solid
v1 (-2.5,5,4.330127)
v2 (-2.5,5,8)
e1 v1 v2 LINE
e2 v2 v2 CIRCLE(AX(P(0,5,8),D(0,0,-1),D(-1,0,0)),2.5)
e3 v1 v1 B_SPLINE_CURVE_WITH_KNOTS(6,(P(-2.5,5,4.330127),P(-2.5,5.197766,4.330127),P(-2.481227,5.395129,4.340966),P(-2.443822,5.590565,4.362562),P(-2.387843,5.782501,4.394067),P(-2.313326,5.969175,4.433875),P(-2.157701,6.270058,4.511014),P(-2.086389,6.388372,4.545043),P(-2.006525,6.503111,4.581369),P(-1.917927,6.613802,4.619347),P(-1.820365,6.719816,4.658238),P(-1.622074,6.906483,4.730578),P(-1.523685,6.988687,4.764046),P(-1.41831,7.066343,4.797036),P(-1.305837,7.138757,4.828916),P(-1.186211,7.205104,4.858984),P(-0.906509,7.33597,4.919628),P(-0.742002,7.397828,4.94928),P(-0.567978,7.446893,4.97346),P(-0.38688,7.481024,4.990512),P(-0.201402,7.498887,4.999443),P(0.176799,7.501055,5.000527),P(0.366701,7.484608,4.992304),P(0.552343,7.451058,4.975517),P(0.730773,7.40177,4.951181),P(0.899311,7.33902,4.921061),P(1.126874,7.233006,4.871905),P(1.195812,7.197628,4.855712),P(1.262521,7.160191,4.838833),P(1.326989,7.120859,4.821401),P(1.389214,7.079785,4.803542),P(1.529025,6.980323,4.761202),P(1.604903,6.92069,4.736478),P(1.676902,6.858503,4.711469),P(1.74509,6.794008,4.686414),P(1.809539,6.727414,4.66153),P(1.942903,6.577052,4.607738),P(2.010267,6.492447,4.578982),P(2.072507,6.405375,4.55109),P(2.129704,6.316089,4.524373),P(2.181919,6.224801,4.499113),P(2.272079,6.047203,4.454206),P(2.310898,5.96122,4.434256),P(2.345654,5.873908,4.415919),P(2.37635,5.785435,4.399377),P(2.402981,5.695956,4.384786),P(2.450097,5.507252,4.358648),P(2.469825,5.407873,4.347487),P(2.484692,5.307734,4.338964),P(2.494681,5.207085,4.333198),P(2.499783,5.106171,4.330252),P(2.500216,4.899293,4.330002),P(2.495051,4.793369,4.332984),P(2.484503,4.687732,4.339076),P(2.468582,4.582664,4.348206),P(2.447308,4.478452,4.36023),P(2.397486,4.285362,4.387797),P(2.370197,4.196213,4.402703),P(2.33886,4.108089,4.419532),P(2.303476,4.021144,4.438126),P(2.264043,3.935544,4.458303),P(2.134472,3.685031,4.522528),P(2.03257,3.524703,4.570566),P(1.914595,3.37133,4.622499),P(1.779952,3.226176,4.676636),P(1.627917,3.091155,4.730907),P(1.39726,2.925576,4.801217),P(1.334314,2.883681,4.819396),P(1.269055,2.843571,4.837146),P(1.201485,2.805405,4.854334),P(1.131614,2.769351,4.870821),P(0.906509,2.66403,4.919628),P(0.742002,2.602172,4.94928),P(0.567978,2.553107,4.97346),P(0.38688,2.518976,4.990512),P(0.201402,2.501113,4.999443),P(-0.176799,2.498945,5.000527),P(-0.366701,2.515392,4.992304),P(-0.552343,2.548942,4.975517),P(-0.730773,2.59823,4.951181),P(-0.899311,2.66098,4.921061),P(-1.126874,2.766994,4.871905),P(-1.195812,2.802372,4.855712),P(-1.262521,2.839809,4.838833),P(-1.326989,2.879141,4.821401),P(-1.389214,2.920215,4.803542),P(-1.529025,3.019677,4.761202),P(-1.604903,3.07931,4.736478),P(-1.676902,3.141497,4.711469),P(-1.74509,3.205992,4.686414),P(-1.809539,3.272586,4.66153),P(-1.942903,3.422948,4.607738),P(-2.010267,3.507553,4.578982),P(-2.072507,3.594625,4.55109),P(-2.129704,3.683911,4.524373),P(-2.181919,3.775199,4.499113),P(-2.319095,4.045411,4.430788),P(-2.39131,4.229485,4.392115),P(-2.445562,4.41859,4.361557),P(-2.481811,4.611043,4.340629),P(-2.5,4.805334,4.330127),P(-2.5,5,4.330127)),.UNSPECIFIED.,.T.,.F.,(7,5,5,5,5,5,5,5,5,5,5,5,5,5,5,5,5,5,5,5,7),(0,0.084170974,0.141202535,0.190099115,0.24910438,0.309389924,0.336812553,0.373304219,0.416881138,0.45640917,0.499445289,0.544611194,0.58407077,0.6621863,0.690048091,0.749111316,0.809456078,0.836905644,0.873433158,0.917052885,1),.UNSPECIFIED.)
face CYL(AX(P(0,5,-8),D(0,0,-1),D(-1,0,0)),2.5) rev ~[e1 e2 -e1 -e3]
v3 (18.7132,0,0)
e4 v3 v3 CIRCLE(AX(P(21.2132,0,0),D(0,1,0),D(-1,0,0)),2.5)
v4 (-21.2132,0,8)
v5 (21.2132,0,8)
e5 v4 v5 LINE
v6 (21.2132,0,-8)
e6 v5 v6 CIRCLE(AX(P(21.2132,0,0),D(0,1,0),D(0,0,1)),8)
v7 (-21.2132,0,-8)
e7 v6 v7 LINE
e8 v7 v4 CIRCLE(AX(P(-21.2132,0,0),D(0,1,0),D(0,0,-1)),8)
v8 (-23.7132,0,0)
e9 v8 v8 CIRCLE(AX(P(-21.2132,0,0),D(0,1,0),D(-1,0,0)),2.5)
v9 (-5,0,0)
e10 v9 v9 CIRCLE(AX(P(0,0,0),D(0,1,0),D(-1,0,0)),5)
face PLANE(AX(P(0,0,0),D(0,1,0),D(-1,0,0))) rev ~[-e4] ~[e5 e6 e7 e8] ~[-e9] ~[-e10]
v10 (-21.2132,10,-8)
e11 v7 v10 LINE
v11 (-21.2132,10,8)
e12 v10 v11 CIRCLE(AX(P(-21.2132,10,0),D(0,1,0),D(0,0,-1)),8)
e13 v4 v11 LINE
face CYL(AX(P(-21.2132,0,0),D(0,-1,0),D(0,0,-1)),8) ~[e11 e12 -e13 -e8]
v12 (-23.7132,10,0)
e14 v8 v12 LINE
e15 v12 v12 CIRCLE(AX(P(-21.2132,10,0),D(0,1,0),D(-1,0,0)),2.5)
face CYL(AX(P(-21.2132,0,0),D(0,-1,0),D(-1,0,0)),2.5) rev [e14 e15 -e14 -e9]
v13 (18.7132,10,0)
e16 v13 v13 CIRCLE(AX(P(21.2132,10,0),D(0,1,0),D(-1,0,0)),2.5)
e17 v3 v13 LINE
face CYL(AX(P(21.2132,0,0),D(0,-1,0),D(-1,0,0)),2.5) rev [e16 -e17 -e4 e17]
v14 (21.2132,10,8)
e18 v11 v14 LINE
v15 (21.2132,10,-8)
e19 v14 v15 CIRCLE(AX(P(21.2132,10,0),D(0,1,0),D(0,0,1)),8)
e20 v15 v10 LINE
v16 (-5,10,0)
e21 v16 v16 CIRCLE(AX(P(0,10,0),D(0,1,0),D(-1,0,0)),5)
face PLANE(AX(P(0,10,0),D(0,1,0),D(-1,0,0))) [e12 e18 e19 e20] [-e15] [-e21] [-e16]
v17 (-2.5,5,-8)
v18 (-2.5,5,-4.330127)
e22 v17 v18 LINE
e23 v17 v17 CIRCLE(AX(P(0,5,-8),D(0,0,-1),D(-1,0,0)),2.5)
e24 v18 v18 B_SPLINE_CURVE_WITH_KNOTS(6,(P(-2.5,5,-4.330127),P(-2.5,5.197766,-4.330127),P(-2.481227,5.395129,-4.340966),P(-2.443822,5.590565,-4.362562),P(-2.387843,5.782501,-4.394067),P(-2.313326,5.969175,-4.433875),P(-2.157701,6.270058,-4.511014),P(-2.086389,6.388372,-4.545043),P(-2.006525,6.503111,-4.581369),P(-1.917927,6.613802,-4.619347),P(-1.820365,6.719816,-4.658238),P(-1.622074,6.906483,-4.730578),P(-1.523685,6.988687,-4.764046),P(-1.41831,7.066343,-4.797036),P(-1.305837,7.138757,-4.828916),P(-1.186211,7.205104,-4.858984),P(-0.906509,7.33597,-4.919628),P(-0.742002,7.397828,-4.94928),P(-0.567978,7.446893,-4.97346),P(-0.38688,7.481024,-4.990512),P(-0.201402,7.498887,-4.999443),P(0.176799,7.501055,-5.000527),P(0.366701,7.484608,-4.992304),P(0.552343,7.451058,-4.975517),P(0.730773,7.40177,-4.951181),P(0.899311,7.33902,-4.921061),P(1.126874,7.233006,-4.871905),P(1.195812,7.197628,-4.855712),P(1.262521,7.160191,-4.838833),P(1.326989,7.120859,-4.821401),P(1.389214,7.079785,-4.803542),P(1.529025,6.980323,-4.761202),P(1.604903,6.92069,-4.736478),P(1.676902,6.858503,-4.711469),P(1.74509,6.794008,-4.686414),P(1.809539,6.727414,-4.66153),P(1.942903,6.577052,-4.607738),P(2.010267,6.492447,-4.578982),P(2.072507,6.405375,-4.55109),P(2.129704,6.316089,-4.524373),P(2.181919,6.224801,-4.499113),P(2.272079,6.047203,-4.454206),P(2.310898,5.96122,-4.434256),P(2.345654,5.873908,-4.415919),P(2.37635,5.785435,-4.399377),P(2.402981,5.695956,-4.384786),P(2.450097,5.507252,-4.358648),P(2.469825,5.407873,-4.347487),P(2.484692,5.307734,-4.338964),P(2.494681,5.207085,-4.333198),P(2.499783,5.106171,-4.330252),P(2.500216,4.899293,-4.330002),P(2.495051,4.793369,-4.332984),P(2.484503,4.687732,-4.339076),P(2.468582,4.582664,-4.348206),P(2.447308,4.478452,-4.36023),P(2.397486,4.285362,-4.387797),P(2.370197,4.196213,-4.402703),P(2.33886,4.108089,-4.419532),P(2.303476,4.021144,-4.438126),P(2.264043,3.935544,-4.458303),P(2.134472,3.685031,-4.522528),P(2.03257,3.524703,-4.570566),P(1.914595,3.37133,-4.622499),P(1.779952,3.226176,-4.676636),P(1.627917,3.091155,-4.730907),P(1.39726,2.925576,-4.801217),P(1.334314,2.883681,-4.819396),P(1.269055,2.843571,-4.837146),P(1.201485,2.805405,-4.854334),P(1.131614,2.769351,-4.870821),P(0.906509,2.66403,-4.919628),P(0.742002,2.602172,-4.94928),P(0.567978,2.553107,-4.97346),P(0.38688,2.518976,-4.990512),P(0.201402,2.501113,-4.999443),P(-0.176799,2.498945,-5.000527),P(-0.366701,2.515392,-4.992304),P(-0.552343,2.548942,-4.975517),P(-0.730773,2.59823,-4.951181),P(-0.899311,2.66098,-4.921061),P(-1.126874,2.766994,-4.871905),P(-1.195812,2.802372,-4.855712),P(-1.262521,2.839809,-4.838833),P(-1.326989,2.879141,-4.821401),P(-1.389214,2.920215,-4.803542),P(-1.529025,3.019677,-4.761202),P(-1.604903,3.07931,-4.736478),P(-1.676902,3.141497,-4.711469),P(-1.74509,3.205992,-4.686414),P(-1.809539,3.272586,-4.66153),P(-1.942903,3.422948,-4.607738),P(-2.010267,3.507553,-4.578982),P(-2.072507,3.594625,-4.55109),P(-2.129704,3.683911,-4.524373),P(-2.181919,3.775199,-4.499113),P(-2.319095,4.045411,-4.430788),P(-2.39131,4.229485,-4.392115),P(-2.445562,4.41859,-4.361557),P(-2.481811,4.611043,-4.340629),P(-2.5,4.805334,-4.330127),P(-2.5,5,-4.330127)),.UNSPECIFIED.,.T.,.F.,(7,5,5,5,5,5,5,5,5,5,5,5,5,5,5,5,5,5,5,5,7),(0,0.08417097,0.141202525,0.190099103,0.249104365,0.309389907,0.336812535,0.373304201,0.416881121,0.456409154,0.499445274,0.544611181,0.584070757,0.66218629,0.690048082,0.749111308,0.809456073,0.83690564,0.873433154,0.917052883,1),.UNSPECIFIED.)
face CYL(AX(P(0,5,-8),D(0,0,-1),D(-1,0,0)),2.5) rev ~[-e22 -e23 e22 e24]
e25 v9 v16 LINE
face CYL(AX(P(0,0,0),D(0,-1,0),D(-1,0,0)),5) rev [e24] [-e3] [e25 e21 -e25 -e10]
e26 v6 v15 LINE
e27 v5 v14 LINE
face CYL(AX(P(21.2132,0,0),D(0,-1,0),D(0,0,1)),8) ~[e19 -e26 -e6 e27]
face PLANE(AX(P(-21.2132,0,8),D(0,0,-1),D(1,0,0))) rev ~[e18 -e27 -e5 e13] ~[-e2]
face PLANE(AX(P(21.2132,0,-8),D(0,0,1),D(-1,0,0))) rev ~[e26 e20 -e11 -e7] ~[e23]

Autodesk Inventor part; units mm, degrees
ref_plane "YZ Plane" through (0, 0, 0) normal (1, 0, 0) x (0, 1, 0)
ref_plane "XZ Plane" through (0, 0, 0) normal (0, 1, 0) x (-1, 0, 0)
ref_plane "XY Plane" through (0, 0, 0) normal (0, 0, 1) x (1, 0, 0)
sketch "Block1" plane through (0, 0, 0) normal (0, 0, 1) x (1, 0, 0)
  circle A0 centre (0, 0) radius 40.22
  circle A1 centre (30, -0.0076) radius 2.22
  circle A2 centre (0.0076, 30) radius 2.22
  circle A3 centre (0, 0) radius 5.22
  circle A4 centre (-30, 0.0076) radius 2.22
  circle A5 centre (-0.0076, -30) radius 2.22
  point P0 (0, 0)
sketch "Block2" plane through (0, 0, 0) normal (0, 0, 1) x (1, 0, 0)
  circle A0 centre (0, 0) radius 20.22
  circle A1 centre (10, -0.0076) radius 2.22
  circle A2 centre (0.0076, 10) radius 2.22
  circle A3 centre (0, 0) radius 5.22
  circle A4 centre (-0.0076, -10) radius 2.22
  circle A5 centre (-10, 0.0076) radius 2.22
  point P0 (0, 0)
sketch "Block3" plane through (0, 0, 0) normal (0, 0, 1) x (1, 0, 0)
  line L0 (-21.2132, 8.22) -> (21.2132, 8.22)
  arc A0 (21.2132, -8.22) -> (21.2132, 8.22) centre (21.2132, 0) ccw
  line L1 (21.2132, -8.22) -> (-21.2132, -8.22)
  arc A1 (-21.2132, 8.22) -> (-21.2132, -8.22) centre (-21.2132, 0) ccw
  circle A2 centre (0, 0) radius 5.22
  circle A3 centre (-21.2132, 0) radius 2.72
  circle A4 centre (21.2132, 0) radius 2.72
  point P0 (0, 0)
sketch "Sketch1" plane through (0, 0, 0) normal (0, 1, 0) x (-1, 0, 0)
  circle A0 centre (0, 0) radius 30
  circle A1 centre (0, 0) radius 5
  arc A2 (-36.0813, 0.572) -> (-36.0815, -0.5576) centre (0, 0) ccw
  arc A3 (-0.0152, -40) -> (-0.0008, -40) centre (0, 0) ccw
  arc A4 (-0.5728, -36.0815) -> (0.5584, -36.0818) centre (0, 0) ccw
  circle A5 centre (15, 15) radius 2.5
  line L0 (43.2172, 0) -> (-49.3032, 0) projected
  line L1 (0, -55.2163) -> (0, 51.2978) projected
  circle A6 centre (15, -15) radius 2.5
  circle A7 centre (-15, 15) radius 2.5
  circle A8 centre (-15, -15) radius 2.5
  point P0 (17, -0.0008)
  point P1 (13.0813, -0.572)
  point P2 (-36.0815, 0.5728)
  point P3 (-0.5576, 36.0815)
  point P4 (0.572, 36.0813)
  point P5 (-13.0813, -0.572)
  dimension "d0" = 60
  dimension "d7" = 10
  dimension "d31" = 5
  dimension "d32" = 15
  dimension "d33" = 15
ref_plane "Work Plane1" through (0, 10, 0) normal (0, 1, 0) x (1, 0, 0)
sketch "Sketch6" plane through (0, 0, 0) normal (0, 1, 0) x (-1, 0, 0)
  line L0 (21.2132, 0) -> (-21.2132, 0) construction
  line L1 (21.2132, 8) -> (-21.2132, 8)
  line L2 (-21.2132, -8) -> (21.2132, -8)
  arc A0 (21.2132, -8) -> (21.2132, 8) centre (21.2132, 0) ccw
  arc A1 (-21.2132, 8) -> (-21.2132, -8) centre (-21.2132, 0) ccw
  circle A2 centre (-21.2132, 0) radius 2.5
  circle A3 centre (21.2132, 0) radius 2.5
  circle A4 centre (0, 0) radius 5
  dimension "d36" = 8
  dimension "d37" = 5
  dimension "d38" = 5
  dimension "d39" = 42.4264
  dimension "d40" = 10
extrude "Extrusion4" add sketch "Sketch6" along normal blind 10
sketch "Sketch7" plane through (21.2132, 0, -8) normal (0, 0, -1) x (-1, 0, 0)
  circle A0 centre (21.2132, 5) radius 2.5
  line L0 (0, 10) -> (42.4264, 10) projected
  line L1 (0, 0) -> (0, 10) projected
  point P0 (21.2132, 0)
  dimension "d43" = 5
  dimension "d44" = 5
  dimension "d45" = 21.2132
extrude "Extrusion5" cut sketch "Sketch7" against normal through all
sketch "Sketch8" plane through (0, 10, 0) normal (0, 1, 0) x (1, 0, 0)
  circle A0 centre (0, 0) radius 5 projected
  circle A1 centre (-21.2132, 0) radius 2.5 projected
  circle A2 centre (21.2132, 0) radius 2.5 projected
  line L0 (-21.2132, -8) -> (21.2132, -8) projected
  arc A3 (21.2132, -8) -> (21.2132, 8) centre (21.2132, 0) ccw projected
  line L1 (21.2132, 8) -> (-21.2132, 8) projected
  arc A4 (-21.2132, 8) -> (-21.2132, -8) centre (-21.2132, 0) ccw projected
sketch "DXF" plane through (0, 0, 0) normal (0, 1, 0) x (-1, 0, 0)
  point P0 (0, 0)
properties part number "pulleyFlange"
